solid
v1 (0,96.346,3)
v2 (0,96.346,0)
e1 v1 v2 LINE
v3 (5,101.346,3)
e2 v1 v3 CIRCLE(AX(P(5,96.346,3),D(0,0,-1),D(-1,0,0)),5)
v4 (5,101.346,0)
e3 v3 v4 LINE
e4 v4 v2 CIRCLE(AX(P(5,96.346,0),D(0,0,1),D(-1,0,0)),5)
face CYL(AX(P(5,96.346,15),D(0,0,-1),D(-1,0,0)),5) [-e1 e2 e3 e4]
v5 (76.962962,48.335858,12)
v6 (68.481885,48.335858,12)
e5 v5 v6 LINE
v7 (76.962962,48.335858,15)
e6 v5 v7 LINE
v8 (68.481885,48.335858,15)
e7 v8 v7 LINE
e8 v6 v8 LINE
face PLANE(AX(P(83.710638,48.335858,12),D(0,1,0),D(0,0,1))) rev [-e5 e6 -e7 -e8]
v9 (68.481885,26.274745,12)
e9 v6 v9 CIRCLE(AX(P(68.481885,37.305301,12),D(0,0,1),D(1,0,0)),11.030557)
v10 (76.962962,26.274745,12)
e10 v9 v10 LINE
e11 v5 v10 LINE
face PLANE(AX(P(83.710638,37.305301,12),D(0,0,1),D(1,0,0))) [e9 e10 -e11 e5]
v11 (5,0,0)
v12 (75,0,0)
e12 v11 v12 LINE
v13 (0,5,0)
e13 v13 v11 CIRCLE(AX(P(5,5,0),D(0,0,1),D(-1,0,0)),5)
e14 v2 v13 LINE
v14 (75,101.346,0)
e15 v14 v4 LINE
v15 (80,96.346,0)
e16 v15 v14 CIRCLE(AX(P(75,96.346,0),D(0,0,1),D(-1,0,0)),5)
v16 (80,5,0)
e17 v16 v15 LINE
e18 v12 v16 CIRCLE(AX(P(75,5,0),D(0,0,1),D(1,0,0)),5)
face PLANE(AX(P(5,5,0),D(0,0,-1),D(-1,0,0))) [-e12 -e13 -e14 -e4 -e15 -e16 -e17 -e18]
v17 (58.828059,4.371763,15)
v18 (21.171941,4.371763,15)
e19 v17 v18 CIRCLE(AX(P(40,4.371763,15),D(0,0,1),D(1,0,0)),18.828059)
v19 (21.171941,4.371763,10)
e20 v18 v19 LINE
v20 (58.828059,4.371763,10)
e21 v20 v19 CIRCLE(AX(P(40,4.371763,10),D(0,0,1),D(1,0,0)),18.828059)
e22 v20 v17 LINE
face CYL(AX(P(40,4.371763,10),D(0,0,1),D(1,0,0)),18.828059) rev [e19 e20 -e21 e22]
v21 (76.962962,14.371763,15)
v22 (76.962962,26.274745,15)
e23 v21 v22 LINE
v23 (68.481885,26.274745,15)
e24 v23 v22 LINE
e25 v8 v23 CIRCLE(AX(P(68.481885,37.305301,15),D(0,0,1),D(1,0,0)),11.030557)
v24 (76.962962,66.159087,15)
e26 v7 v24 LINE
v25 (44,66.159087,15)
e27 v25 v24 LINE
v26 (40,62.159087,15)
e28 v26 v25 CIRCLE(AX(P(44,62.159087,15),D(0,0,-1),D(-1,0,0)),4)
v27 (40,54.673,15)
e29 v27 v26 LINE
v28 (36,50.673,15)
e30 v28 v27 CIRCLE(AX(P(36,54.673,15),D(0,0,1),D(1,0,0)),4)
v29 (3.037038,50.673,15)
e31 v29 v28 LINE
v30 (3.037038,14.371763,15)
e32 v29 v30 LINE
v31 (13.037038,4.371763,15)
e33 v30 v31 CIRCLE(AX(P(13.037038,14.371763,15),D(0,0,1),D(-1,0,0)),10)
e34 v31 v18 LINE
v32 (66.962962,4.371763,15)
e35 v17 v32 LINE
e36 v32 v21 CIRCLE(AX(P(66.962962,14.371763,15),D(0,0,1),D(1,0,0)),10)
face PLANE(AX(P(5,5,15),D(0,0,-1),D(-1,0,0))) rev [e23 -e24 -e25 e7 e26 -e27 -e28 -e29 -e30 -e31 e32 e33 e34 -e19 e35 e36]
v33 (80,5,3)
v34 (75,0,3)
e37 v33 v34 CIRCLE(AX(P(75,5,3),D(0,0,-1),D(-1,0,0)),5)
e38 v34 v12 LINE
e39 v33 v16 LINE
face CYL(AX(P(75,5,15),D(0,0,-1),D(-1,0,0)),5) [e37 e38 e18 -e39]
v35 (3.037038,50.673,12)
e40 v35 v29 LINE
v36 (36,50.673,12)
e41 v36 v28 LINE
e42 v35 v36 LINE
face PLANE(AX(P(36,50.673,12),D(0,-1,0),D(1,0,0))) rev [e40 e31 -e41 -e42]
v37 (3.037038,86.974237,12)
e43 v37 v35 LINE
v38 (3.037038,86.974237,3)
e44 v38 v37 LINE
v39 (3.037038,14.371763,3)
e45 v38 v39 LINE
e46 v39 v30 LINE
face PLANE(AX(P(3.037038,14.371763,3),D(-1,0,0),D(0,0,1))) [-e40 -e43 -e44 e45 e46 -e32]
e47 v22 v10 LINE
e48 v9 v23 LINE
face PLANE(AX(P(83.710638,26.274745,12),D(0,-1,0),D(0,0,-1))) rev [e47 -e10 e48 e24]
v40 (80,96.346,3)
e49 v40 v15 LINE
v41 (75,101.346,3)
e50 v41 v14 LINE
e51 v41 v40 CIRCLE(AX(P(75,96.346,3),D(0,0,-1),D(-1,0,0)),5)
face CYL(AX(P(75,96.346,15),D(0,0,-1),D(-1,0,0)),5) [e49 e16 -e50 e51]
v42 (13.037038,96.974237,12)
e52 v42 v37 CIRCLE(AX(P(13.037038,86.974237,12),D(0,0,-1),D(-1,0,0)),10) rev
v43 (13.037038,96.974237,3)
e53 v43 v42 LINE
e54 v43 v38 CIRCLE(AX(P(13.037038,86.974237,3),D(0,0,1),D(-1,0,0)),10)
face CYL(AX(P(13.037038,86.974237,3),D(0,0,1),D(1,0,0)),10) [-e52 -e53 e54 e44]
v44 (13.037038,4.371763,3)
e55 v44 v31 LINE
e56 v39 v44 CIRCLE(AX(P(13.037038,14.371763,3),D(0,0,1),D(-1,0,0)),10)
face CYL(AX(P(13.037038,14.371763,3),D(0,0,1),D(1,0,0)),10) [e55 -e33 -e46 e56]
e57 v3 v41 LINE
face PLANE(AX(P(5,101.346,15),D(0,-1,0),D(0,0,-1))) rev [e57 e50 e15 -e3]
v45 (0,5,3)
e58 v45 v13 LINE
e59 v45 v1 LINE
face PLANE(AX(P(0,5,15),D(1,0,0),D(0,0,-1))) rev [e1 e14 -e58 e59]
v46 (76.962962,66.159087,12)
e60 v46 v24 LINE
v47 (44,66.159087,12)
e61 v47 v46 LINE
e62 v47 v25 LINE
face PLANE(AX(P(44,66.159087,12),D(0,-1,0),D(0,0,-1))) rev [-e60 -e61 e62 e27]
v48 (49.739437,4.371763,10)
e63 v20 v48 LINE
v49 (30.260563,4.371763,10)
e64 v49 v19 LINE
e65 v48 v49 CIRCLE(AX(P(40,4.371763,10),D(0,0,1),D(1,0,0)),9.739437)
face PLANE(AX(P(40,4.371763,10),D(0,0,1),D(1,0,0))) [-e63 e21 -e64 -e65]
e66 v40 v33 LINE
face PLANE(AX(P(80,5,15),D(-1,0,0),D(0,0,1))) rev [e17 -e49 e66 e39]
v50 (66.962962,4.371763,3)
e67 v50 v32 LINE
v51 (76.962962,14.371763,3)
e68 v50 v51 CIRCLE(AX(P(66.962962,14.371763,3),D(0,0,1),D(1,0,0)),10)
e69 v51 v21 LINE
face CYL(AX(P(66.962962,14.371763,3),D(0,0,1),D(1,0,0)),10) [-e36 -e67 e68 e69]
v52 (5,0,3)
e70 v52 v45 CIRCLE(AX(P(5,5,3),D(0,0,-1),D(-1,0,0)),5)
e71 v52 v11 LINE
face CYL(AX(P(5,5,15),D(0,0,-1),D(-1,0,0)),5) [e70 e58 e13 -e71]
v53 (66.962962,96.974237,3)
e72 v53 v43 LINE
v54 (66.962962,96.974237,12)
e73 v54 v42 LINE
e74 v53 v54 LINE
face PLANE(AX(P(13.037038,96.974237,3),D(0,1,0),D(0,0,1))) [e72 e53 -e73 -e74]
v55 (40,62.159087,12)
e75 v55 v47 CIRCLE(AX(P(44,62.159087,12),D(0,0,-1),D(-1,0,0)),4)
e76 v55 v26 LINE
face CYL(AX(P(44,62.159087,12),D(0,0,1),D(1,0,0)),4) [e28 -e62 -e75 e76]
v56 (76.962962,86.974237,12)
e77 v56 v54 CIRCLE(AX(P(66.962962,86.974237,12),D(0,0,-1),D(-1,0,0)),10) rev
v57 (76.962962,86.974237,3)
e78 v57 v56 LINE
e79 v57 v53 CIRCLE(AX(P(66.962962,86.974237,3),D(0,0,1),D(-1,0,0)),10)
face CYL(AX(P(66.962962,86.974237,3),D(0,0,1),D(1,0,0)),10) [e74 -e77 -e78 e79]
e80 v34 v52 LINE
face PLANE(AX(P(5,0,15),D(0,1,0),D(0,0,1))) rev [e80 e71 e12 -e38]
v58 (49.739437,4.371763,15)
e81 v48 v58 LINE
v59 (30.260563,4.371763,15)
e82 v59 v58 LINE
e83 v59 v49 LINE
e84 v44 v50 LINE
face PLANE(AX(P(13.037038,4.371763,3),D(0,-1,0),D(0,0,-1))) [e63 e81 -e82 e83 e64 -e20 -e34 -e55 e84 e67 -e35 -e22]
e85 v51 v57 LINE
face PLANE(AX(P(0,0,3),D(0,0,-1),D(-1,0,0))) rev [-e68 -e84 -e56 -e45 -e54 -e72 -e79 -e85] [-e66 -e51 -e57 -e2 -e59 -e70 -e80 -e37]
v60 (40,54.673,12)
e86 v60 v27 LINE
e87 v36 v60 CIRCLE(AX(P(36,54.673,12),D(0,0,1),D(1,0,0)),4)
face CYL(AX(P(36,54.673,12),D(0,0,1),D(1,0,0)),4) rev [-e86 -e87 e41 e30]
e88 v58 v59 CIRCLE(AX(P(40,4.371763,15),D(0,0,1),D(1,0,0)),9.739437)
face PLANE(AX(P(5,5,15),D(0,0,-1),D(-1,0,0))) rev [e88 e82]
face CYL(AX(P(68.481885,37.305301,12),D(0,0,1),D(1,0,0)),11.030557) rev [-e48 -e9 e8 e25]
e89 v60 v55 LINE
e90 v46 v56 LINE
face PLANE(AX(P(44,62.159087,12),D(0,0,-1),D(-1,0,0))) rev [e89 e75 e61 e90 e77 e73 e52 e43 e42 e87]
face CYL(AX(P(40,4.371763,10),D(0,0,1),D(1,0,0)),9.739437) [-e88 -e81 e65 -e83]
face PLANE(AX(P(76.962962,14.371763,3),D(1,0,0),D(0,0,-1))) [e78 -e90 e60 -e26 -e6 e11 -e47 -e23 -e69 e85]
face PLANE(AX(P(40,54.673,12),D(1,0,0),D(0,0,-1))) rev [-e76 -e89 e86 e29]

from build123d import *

# Parameters (mm, degrees)
BOSS_EXTRUDE1_DEPTH = 15
SKETCH3_W           = 104.423940592
SKETCH3_H           = 121.358720552
CUT_EXTRUDE1_DEPTH  = 12
CUT_EXTRUDE2_DEPTH  = 3
CUT_EXTRUDE3_DEPTH  = 3
SKETCH6_R           = 18.828058828
SKETCH6_R_2         = 9.739436554
CUT_EXTRUDE4_DEPTH  = 5


with BuildPart() as part:
    # Sketch1 → Boss-Extrude1 (new body)
    with BuildSketch(Plane.XY):
        with BuildLine():
            Line((5, 0), (75, 0))
            ThreePointArc((75, 0), (78.535533906, 1.464466094), (80, 5))
            Line((80, 5), (80, 96.346))
            ThreePointArc((80, 96.346), (78.535533906, 99.881533906), (75, 101.346))
            Line((75, 101.346), (5, 101.346))
            ThreePointArc((5, 101.346), (1.464466094, 99.881533906), (0, 96.346))
            Line((0, 96.346), (0, 5))
            ThreePointArc((0, 5), (1.464466094, 1.464466094), (5, 0))
        make_face()
    extrude(amount=BOSS_EXTRUDE1_DEPTH)

    # Sketch3 → Cut-Extrude1 (cut)
    with BuildSketch(Plane.XY.offset(15)):
        with Locations((40, 50.673)):
            Rectangle(SKETCH3_W, SKETCH3_H)
        with BuildLine():
            Line((13.037037944, 4.371762639), (66.962962056, 4.371762639))
            ThreePointArc((66.962962056, 4.371762639), (74.034029868, 7.300694827), (76.962962056, 14.371762639))
            Line((76.962962056, 14.371762639), (76.962962056, 86.974237361))
            ThreePointArc((76.962962056, 86.974237361), (74.034029868, 94.045305173), (66.962962056, 96.974237361))
            Line((66.962962056, 96.974237361), (13.037037944, 96.974237361))
            ThreePointArc((13.037037944, 96.974237361), (5.965970132, 94.045305173), (3.037037944, 86.974237361))
            Line((3.037037944, 86.974237361), (3.037037944, 14.371762639))
            ThreePointArc((3.037037944, 14.371762639), (5.965970132, 7.300694827), (13.037037944, 4.371762639))
        make_face(mode=Mode.SUBTRACT)
    extrude(amount=-CUT_EXTRUDE1_DEPTH, mode=Mode.SUBTRACT)

    # Sketch4 → Cut-Extrude2 (cut)
    with BuildSketch(Plane.XY.offset(15)):
        with BuildLine():
            Line((36, 50.673), (3.037037944, 50.673))
            Line((3.037037944, 50.673), (3.037037944, 113.13523252))
            Line((3.037037944, 113.13523252), (76.962962056, 113.13523252))
            Line((76.962962056, 113.13523252), (76.962962056, 66.159087484))
            Line((76.962962056, 66.159087484), (44, 66.159087484))
            ThreePointArc((44, 66.159087484), (41.171572875, 64.987514609), (40, 62.159087484))
            Line((40, 62.159087484), (40, 54.673))
            ThreePointArc((40, 54.673), (38.828427125, 51.844572875), (36, 50.673))
        make_face()
    extrude(amount=-CUT_EXTRUDE2_DEPTH, mode=Mode.SUBTRACT)

    # Sketch5 → Cut-Extrude3 (cut)
    with BuildSketch(Plane.XY.offset(15)):
        with BuildLine():
            Line((83.710638267, 26.274744542), (68.481884822, 26.274744542))
            ThreePointArc((68.481884822, 26.274744542), (57.451328272, 37.305301092), (68.481884822, 48.335857641))
            Line((68.481884822, 48.335857641), (83.710638267, 48.335857641))
            ThreePointArc((83.710638267, 48.335857641), (94.741194817, 37.305301092), (83.710638267, 26.274744542))
        make_face()
    extrude(amount=-CUT_EXTRUDE3_DEPTH, mode=Mode.SUBTRACT)

    # Sketch6 → Cut-Extrude4 (cut)
    with BuildSketch(Plane.XY.offset(15)):
        with Locations((40, 4.371762639)):
            Circle(SKETCH6_R)
        with Locations((40, 4.371762639)):
            Circle(SKETCH6_R_2, mode=Mode.SUBTRACT)
    extrude(amount=-CUT_EXTRUDE4_DEPTH, mode=Mode.SUBTRACT)


solid = part.part
